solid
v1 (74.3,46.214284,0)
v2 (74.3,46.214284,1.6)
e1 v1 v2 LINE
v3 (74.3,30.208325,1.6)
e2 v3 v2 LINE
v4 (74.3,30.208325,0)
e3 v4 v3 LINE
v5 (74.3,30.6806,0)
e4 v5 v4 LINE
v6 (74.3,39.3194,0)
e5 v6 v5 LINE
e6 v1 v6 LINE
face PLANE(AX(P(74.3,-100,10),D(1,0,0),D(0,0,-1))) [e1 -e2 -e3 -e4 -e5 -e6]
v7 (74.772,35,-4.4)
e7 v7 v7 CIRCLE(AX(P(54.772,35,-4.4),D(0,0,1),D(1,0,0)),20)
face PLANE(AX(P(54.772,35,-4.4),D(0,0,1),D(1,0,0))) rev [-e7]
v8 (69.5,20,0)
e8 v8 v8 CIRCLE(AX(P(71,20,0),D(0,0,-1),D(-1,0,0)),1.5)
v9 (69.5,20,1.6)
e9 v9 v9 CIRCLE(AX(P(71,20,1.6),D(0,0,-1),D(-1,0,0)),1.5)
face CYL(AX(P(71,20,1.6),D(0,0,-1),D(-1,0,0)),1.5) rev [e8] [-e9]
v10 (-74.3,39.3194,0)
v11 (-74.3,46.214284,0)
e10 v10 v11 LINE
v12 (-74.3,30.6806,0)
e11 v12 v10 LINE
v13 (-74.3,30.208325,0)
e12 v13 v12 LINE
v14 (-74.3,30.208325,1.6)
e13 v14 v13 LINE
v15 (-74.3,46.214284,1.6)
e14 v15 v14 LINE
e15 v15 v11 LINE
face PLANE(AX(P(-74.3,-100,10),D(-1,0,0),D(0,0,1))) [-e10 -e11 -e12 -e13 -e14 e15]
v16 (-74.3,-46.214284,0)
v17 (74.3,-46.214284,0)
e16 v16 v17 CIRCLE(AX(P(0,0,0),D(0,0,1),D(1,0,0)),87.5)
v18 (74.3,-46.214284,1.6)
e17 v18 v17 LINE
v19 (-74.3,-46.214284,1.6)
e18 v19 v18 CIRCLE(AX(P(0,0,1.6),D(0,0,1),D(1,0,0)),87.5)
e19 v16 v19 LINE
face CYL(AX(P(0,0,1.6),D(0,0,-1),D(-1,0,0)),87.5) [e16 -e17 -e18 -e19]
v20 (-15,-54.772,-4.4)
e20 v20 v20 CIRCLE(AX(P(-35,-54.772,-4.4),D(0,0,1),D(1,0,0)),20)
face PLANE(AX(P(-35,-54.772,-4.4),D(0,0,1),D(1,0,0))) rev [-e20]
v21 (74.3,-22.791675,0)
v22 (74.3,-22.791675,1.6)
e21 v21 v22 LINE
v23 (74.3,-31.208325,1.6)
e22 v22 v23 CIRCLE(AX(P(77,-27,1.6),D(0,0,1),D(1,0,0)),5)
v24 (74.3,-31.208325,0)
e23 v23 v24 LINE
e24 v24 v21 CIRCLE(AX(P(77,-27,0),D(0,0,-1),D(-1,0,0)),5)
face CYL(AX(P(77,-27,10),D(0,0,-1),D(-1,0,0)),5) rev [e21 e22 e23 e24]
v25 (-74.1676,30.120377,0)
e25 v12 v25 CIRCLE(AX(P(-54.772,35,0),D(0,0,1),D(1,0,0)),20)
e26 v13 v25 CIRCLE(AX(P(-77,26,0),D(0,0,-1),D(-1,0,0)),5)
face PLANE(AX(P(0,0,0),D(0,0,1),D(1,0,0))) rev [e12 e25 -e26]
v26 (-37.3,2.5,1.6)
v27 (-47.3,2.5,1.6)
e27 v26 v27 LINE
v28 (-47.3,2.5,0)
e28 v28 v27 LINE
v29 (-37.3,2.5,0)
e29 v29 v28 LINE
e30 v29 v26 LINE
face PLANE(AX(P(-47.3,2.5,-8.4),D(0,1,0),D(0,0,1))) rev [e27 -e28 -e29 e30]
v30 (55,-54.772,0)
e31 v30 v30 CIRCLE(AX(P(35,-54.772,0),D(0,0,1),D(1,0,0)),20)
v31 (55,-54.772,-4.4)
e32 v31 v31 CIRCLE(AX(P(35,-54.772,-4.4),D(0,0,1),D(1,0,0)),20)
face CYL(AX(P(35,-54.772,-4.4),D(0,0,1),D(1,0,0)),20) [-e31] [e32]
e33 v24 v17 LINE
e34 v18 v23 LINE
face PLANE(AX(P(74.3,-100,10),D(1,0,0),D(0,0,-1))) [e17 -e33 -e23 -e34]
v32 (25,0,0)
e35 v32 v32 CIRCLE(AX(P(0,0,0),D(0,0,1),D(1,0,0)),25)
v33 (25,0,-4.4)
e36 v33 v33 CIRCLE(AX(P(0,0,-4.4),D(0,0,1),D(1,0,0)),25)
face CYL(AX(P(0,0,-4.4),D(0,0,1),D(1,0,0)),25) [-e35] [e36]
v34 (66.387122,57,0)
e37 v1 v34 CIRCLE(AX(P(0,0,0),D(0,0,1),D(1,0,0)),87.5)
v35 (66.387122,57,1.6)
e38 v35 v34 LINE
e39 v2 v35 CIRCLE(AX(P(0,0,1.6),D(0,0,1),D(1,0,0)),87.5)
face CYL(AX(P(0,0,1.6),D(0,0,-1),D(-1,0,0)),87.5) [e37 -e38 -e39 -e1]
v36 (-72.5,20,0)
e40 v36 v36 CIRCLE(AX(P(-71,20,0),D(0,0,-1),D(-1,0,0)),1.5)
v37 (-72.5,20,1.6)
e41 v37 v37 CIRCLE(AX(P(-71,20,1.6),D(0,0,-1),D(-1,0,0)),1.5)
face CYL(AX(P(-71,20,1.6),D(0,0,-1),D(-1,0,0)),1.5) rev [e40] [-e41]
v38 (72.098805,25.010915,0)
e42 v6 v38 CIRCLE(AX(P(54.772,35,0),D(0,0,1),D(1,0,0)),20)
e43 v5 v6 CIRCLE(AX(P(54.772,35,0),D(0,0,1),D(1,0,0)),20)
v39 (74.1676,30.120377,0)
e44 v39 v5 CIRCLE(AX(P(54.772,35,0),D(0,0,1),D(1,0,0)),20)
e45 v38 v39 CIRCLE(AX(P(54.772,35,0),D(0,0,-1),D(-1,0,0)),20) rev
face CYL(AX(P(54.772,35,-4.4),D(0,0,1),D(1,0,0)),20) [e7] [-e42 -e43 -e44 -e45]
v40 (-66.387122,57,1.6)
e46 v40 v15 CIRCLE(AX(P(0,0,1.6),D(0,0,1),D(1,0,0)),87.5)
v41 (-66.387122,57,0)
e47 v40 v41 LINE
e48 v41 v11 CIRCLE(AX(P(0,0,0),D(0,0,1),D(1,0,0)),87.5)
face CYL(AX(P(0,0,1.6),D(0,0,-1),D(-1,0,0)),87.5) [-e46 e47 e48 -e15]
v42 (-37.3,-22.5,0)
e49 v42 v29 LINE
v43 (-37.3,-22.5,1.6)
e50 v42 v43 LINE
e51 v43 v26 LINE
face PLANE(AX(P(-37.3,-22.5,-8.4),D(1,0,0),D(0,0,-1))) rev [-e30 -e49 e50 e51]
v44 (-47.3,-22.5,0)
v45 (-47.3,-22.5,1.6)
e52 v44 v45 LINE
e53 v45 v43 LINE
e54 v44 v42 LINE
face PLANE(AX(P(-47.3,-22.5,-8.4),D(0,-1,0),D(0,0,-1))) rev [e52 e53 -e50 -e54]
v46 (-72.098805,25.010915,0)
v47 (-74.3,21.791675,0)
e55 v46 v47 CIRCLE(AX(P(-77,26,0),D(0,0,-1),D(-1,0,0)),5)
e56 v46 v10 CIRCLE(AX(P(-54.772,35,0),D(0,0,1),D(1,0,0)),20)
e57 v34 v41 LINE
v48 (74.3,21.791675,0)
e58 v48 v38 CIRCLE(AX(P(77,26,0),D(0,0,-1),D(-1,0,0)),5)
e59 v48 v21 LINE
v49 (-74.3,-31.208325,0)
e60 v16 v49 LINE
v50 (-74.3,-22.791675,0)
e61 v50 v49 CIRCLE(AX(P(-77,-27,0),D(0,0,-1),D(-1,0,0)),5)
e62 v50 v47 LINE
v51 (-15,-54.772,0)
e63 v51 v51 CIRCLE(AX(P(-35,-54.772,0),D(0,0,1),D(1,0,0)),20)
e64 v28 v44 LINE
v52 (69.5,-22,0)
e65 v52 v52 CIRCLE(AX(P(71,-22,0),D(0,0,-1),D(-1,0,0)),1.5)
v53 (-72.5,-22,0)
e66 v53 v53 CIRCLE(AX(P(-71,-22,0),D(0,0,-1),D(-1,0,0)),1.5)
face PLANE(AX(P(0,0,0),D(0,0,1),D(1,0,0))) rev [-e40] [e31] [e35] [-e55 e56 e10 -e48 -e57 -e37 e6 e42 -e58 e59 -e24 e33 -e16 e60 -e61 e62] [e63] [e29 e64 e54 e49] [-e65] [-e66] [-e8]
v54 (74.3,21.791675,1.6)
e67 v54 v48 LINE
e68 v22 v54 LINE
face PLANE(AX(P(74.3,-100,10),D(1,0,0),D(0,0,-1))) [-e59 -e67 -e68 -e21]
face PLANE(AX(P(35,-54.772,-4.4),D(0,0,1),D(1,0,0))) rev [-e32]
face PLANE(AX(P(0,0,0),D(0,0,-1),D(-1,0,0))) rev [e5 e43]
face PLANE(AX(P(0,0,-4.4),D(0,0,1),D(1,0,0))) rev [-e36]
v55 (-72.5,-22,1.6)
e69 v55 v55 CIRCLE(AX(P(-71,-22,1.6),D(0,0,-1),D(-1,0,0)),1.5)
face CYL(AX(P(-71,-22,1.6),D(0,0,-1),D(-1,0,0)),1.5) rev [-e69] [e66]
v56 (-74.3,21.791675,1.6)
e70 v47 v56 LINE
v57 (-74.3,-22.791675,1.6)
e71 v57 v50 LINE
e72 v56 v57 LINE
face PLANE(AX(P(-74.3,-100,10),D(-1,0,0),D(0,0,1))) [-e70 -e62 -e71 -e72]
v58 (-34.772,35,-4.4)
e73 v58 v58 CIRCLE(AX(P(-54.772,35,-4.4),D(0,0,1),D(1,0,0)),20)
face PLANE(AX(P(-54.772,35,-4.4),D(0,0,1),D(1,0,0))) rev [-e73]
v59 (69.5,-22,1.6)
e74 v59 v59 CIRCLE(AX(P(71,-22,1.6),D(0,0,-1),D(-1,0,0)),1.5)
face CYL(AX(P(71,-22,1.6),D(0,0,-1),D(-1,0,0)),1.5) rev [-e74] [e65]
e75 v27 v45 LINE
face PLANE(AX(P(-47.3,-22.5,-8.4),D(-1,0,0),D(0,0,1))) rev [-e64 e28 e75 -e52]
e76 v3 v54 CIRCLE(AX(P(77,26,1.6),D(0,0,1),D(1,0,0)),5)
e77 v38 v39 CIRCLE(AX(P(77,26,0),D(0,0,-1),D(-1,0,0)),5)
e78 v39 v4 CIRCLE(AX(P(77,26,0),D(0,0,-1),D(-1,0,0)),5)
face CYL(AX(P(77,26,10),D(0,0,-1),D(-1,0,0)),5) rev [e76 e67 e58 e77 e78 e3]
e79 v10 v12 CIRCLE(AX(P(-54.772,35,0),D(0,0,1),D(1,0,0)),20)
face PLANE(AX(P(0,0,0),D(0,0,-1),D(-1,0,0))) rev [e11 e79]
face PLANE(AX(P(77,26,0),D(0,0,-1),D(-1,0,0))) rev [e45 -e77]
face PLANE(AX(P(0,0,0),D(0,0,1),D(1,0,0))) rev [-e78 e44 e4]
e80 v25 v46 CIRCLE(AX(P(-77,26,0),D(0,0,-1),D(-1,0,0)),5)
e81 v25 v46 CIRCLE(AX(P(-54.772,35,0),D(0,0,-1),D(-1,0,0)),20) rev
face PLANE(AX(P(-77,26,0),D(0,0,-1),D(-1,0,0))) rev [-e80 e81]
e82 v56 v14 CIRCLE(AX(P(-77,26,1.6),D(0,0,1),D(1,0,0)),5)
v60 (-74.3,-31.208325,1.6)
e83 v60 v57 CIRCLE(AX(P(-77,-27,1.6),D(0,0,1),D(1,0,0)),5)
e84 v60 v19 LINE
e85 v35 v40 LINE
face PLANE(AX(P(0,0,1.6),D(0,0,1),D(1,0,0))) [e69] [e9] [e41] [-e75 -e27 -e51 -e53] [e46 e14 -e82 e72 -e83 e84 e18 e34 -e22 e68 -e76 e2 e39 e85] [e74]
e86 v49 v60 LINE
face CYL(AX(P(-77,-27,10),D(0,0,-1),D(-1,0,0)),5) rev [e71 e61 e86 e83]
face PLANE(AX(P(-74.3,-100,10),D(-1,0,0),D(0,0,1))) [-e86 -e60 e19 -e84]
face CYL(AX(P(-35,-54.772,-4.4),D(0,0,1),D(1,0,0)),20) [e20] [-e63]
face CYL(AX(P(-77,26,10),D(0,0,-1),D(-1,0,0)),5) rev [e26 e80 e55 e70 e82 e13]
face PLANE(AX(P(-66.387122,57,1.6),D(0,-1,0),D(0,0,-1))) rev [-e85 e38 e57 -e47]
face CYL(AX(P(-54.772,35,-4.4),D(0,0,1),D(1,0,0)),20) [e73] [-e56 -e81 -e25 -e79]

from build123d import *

# Parameters (mm, degrees)
SKETCH_1_R           = 25
SKETCH_1_R_2         = 20
EXTRUDE_1_DEPTH      = 1.6
EXTRUDE_START        = -6
SKETCH_4_R           = 20
SKETCH_4_R_2         = 25
EXTRUDE_2_DEPTH      = 6
SKETCH_5_OUTSIDE_W   = 222.406
SKETCH_5_OUTSIDE_H   = 191.906
SKETCH_5_OUTSIDE_W_2 = 148.6
SKETCH_5_OUTSIDE_H_2 = 200
CUT_EXTRUDE_1_DEPTH  = 10
SKETCH_6_R           = 5
CUT_EXTRUDE_2_DEPTH  = 10
SKETCH_8_W           = 10
SKETCH_8_H           = 25
CUT_EXTRUDE_4_DEPTH  = 10
SKETCH_9_R           = 1.5
CUT_EXTRUDE_5_DEPTH  = 116.180128425


with BuildPart() as part:
    # 草图1 → 凸台-拉伸1 (new body)
    with BuildSketch(Plane.XY):
        with BuildLine():
            Line((-66.387122245, 57), (66.387122245, 57))
            ThreePointArc((66.387122245, 57), (0, -87.5), (-66.387122245, 57))
        make_face()
        Circle(SKETCH_1_R, mode=Mode.SUBTRACT)
        with Locations((54.772, 35)):
            Circle(SKETCH_1_R_2, mode=Mode.SUBTRACT)
        with Locations(Location((-54.772, 35, 0), (0, 0, 180))):
            Circle(SKETCH_1_R_2, mode=Mode.SUBTRACT)
        with Locations((35, -54.772)):
            Circle(SKETCH_1_R_2, mode=Mode.SUBTRACT)
        with Locations((-35, -54.772)):
            Circle(SKETCH_1_R_2, mode=Mode.SUBTRACT)
    extrude(amount=EXTRUDE_1_DEPTH)

    # 草图4 → 凸台-拉伸2 (add)
    with BuildSketch(Plane.XY.offset(1.6).offset(EXTRUDE_START)):
        with Locations((-54.772, 35)):
            Circle(SKETCH_4_R)
        Circle(SKETCH_4_R_2)
        with Locations((54.772, 35)):
            Circle(SKETCH_4_R)
        with Locations((-35, -54.772)):
            Circle(SKETCH_4_R)
        with Locations((35, -54.772)):
            Circle(SKETCH_4_R)
    extrude(amount=EXTRUDE_2_DEPTH)

    # 草图5 outside → 切除-拉伸1 (cut)
    with BuildSketch(Plane(origin=(0, 0, 0), x_dir=(-1, 0, 0), z_dir=(0, 0, -1))):
        with Locations((0, -15.25)):
            Rectangle(SKETCH_5_OUTSIDE_W, SKETCH_5_OUTSIDE_H)
        Rectangle(SKETCH_5_OUTSIDE_W_2, SKETCH_5_OUTSIDE_H_2, mode=Mode.SUBTRACT)
    extrude(amount=-CUT_EXTRUDE_1_DEPTH, mode=Mode.SUBTRACT)

    # 草图6 → 切除-拉伸2 (cut)
    with BuildSketch(Plane(origin=(0, 0, 0), x_dir=(-1, 0, 0), z_dir=(0, 0, -1))):
        with Locations((-77, -27)):
            Circle(SKETCH_6_R)
        with Locations((-77, 26)):
            Circle(SKETCH_6_R)
        with Locations((77, 26)):
            Circle(SKETCH_6_R)
        with Locations((77, -27)):
            Circle(SKETCH_6_R)
    extrude(amount=-CUT_EXTRUDE_2_DEPTH, mode=Mode.SUBTRACT)

    # 草图8 → 切除-拉伸4 (cut)
    with BuildSketch(Plane.XY.offset(1.6)):
        with Locations((-42.3, -10)):
            Rectangle(SKETCH_8_W, SKETCH_8_H)
    extrude(amount=-CUT_EXTRUDE_4_DEPTH, mode=Mode.SUBTRACT)

    # 草图9 → 切除-拉伸5 (cut, through all)
    with BuildSketch(Plane(origin=(0, 0, 0), x_dir=(-1, 0, 0), z_dir=(0, 0, -1))):
        with Locations((-71, 20)):
            Circle(SKETCH_9_R)
        with Locations((-71, -22)):
            Circle(SKETCH_9_R)
        with Locations((71, 20)):
            Circle(SKETCH_9_R)
        with Locations((71, -22)):
            Circle(SKETCH_9_R)
    extrude(amount=-CUT_EXTRUDE_5_DEPTH, mode=Mode.SUBTRACT)


solid = part.part
